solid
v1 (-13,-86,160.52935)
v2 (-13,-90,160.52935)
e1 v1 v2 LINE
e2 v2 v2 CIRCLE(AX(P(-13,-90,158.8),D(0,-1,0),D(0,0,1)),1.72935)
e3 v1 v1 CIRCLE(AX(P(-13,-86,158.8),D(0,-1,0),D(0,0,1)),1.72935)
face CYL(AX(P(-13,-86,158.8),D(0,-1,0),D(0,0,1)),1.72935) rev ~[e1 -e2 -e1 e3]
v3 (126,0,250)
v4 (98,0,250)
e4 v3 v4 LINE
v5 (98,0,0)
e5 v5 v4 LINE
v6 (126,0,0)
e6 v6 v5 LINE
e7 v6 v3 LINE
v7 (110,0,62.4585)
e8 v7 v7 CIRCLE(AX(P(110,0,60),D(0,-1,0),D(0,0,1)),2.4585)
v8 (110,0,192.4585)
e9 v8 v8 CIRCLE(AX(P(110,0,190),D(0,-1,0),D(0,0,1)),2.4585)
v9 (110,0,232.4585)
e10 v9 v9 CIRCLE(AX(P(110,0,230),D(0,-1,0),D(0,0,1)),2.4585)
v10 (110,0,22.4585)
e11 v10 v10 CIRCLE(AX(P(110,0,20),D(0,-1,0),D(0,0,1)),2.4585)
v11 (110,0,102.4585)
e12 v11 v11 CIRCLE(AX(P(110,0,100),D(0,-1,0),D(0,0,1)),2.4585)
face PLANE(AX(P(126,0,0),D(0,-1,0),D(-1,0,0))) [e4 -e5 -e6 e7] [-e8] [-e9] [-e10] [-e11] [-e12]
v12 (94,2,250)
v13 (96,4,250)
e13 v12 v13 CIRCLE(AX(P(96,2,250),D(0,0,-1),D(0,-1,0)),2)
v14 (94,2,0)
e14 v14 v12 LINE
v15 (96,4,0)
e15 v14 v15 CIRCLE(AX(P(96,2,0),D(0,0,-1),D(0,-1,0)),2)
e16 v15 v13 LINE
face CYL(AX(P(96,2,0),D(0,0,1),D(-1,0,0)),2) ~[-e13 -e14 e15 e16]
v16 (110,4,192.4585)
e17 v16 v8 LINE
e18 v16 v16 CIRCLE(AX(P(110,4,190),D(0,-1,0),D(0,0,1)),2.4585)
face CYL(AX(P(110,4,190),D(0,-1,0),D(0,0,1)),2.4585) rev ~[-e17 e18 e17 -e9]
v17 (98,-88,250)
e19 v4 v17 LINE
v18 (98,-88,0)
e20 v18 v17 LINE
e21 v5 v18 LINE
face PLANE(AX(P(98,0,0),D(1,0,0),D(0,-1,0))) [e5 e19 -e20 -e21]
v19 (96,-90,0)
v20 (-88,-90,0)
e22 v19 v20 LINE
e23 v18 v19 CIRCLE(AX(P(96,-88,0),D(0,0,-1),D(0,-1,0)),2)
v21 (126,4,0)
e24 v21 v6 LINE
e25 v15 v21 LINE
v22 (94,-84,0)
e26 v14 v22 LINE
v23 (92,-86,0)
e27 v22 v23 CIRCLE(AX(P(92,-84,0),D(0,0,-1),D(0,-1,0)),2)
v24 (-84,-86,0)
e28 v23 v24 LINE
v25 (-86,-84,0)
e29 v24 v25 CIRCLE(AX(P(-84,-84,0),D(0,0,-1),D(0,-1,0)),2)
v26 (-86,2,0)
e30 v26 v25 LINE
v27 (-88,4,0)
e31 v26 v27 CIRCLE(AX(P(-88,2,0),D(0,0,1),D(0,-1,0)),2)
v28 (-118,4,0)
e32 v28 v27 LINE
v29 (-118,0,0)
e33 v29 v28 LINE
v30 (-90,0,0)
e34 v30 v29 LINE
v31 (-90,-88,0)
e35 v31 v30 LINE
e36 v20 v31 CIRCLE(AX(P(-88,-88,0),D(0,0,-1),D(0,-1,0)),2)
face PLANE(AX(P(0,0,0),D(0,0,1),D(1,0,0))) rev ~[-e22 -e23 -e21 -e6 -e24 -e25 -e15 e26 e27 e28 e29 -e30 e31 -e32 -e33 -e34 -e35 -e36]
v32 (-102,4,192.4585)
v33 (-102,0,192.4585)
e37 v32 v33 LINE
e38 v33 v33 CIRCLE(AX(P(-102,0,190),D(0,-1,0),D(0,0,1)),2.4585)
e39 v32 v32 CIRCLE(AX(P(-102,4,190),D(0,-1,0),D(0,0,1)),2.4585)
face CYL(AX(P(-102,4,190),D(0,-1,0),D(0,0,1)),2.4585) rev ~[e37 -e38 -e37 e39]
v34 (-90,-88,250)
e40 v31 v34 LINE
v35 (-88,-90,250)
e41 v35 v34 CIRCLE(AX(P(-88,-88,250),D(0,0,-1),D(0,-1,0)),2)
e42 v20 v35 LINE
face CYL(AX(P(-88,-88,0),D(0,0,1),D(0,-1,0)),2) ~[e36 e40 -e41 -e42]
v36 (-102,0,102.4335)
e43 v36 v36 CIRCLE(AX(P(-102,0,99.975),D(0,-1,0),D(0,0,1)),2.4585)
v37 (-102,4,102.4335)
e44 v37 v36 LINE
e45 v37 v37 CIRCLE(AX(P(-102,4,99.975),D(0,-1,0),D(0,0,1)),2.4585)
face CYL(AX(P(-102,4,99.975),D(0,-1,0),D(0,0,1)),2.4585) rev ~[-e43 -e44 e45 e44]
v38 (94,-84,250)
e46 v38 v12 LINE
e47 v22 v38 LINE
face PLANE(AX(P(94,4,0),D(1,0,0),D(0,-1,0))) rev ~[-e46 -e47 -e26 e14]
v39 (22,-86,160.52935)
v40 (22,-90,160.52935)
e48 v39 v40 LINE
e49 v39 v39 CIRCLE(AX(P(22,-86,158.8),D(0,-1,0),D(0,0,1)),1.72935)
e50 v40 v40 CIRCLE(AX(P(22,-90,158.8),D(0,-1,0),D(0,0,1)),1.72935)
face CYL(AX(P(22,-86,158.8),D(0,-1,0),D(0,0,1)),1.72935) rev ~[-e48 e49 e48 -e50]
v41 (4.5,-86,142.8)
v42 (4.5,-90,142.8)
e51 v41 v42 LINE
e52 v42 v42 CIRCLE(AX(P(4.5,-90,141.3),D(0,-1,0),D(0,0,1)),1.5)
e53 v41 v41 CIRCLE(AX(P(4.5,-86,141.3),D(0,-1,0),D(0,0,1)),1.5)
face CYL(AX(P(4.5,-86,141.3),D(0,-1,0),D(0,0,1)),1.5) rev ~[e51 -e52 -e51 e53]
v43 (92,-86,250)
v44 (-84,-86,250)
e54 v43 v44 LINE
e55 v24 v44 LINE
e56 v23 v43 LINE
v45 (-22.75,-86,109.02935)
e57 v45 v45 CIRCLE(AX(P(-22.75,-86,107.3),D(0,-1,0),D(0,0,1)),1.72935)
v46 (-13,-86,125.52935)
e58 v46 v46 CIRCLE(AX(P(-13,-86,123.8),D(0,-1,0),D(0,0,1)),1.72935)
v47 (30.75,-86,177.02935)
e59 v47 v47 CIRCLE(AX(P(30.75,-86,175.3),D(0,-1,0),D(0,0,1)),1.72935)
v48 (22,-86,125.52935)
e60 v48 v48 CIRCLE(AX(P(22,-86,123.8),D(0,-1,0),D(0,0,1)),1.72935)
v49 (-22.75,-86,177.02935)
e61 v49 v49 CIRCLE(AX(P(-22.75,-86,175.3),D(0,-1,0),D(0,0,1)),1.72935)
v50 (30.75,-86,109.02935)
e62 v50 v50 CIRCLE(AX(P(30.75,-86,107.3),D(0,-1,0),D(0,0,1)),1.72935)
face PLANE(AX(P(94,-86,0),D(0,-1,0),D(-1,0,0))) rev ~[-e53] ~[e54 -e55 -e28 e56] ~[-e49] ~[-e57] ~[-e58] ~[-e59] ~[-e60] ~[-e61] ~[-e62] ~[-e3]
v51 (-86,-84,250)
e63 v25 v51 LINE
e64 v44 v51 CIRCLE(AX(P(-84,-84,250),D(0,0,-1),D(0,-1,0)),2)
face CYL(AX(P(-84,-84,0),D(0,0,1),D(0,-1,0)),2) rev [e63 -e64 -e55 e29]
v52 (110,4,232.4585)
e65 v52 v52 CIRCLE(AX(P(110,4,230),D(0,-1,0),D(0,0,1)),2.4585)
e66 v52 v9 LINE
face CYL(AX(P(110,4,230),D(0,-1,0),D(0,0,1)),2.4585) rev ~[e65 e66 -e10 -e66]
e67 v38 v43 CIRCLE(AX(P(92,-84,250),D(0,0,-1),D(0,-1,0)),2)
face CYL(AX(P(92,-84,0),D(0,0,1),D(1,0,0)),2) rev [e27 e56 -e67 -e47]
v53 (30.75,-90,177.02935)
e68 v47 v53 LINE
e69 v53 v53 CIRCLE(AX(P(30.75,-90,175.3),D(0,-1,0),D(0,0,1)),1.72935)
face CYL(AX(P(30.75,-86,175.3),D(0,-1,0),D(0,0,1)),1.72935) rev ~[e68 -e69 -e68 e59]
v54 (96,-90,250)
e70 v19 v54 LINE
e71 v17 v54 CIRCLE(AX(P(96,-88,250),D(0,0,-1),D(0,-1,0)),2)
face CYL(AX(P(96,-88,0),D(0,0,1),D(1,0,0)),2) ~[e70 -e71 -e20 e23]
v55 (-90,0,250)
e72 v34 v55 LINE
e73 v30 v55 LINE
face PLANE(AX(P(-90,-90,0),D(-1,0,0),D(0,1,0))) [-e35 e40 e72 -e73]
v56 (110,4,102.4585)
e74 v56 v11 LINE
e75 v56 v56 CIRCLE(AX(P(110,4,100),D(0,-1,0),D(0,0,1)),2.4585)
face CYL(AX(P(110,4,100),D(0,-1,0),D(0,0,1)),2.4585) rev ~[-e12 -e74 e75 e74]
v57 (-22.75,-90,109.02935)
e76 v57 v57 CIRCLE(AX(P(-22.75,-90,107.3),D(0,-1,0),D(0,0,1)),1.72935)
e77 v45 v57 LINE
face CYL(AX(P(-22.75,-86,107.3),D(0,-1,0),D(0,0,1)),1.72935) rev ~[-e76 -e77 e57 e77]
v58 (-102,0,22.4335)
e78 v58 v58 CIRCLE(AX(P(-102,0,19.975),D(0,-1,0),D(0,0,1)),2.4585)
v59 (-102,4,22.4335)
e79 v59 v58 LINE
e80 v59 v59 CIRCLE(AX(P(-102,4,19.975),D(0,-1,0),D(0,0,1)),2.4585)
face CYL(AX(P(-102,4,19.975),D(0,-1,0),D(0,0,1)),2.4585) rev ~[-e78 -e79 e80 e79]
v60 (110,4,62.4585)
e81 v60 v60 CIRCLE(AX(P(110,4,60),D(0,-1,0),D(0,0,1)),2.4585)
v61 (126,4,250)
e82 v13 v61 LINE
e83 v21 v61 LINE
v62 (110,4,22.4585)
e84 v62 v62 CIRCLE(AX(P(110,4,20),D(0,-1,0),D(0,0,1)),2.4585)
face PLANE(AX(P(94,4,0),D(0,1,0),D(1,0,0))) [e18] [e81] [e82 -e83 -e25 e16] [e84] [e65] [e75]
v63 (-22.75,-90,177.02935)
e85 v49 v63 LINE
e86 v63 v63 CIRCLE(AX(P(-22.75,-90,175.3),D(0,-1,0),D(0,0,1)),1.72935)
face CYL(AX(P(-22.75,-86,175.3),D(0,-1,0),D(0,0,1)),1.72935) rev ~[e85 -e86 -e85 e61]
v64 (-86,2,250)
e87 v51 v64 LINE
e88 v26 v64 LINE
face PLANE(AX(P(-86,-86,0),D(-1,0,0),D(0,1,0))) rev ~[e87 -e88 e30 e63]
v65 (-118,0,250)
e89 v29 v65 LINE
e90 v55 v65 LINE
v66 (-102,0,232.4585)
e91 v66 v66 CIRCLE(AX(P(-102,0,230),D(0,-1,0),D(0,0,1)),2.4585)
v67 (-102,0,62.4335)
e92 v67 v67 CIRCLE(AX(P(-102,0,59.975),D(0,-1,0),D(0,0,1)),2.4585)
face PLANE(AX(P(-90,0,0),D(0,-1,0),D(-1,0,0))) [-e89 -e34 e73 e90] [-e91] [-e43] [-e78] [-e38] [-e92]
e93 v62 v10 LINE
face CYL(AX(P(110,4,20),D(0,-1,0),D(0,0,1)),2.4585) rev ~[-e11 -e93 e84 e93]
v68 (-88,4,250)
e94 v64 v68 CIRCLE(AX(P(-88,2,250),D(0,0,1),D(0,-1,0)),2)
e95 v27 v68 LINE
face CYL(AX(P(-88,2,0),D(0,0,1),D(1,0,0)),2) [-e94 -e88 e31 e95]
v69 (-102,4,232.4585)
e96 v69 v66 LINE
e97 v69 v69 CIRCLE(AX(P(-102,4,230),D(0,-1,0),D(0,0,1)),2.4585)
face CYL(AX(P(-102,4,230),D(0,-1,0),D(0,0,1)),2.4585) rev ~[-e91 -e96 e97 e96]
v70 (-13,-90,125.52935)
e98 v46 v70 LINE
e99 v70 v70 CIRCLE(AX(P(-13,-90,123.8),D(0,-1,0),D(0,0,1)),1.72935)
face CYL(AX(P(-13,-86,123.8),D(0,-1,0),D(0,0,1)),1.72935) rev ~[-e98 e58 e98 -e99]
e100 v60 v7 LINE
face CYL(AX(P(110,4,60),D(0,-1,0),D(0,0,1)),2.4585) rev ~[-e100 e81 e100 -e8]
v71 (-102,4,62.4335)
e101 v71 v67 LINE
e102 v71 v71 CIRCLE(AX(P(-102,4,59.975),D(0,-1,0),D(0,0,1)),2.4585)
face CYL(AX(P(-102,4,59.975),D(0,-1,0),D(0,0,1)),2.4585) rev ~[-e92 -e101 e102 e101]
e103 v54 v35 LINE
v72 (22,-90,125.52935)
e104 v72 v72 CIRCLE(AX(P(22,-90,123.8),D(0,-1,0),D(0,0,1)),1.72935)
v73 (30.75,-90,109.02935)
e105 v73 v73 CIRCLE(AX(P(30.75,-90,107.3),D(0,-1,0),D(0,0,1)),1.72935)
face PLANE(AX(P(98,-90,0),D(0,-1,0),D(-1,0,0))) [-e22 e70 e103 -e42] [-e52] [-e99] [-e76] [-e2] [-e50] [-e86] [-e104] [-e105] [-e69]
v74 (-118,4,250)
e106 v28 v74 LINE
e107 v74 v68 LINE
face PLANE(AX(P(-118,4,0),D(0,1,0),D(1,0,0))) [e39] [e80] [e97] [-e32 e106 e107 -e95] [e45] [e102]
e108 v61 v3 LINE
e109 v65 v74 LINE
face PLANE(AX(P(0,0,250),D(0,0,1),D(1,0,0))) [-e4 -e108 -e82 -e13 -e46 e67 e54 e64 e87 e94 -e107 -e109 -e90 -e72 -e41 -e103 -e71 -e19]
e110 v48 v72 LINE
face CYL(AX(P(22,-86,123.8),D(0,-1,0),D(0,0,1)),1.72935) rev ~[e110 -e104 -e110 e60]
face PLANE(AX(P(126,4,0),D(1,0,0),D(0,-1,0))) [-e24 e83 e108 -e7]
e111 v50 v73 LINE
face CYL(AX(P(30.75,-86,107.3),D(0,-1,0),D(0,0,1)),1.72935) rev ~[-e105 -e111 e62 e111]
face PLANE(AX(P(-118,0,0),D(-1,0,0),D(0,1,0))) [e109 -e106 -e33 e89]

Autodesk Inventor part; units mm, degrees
ref_plane "YZ Plane" through (0, 0, 0) normal (1, 0, 0) x (0, 1, 0)
ref_plane "XZ Plane" through (0, 0, 0) normal (0, 1, 0) x (-1, 0, 0)
ref_plane "XY Plane" through (0, 0, 0) normal (0, 0, 1) x (1, 0, 0)
sketch "Sketch1" plane through (0, 0, 0) normal (0, 0, 1) x (1, 0, 0)
  line L0 (98, 0) -> (98, -90)
  line L1 (98, -90) -> (-90, -90)
  line L2 (-90, -90) -> (-90, 0)
  line L3 (126, 4) -> (126, 0)
  line L4 (126, 0) -> (-118, 0)
  line L5 (-118, 0) -> (-118, 4)
  line L6 (-86, 4) -> (94, 4)
  line L7 (94, 4) -> (94, -86)
  line L8 (94, -86) -> (-86, -86)
  line L9 (-86, -86) -> (-86, 4)
  line L10 (-90, 0) -> (-86, 0)
  line L11 (94, 0) -> (98, 0)
  line L12 (-118, 4) -> (-86, 4)
  line L13 (94, 4) -> (126, 4)
  point P0 (0, 0)
  point P1 (6, -4)
  point P2 (126, 2)
  point P3 (98, 0)
  dimension "d0" = 188
  dimension "d1" = 90
  dimension "d3" = 90
  dimension "d4" = 244
  dimension "d5" = 120
  dimension "d8" = 90
  dimension "d9" = 180
  dimension "d10" = 4
  dimension "d13" = 0
  dimension "d14" = 4
  dimension "d90" = 32
extrude "Extrusion1" add sketch "Sketch1" along normal blind 250 contours L4 L7 L13 L3 | L0 L1 L2 L4 L9 L8 L7 | L4 L5 L12 L9
fillet "Fillet1" radius 2 4 edges at (-86, -86, 125) (-86, 4, 125) (94, 4, 125) (98, -90, 125)
fillet "Fillet2" radius 2 2 edges at (-90, -90, 125) (94, -86, 125)
sketch "Sketch3" plane through (-84, -86, 250) normal (0, 1, 0) x (1, 0, 0)
  line L0 (-2, 0) -> (-2, 250) projected
  line L1 (176, 0) -> (0, 0) projected
  point P0 (84, 250)
  point P1 (114.75, 74.7)
  point P2 (61.25, 74.7)
  dimension "d28" = 53.5
  dimension "d29" = 63.25
  dimension "d30" = 0
  dimension "d31" = 74.7
hole "Hole2" at (30.75, -86, 175.3) at (-22.75, -86, 175.3) direction (0, -1, 0) diameter 3.4587 end through all thread size "M4x0.5" class "6H" standard "ISO Metric profile"
sketch "Sketch4" plane through (-84, -86, 250) normal (0, 1, 0) x (1, 0, 0)
  circle A0 centre (61.25, 74.7) radius 1.7294 projected
  circle A1 centre (114.75, 74.7) radius 1.7294 projected
  point P0 (84, 250)
  point P1 (114.75, 142.7)
  point P2 (61.25, 142.7)
  dimension "d39" = 53.5
  dimension "d40" = 68
  dimension "d41" = 68
  dimension "d49" = 0
hole "Hole3" at (30.75, -86, 107.3) at (-22.75, -86, 107.3) direction (0, -1, 0) diameter 3.4587 end through all thread size "M4x0.5" class "6H" standard "ISO Metric profile"
sketch "Sketch5" plane through (-84, -86, 250) normal (0, 1, 0) x (1, 0, 0)
  circle A0 centre (61.25, 74.7) radius 1.7294 projected
  circle A1 centre (114.75, 74.7) radius 1.7294 projected
  circle A2 centre (61.25, 142.7) radius 1.7294 projected
  point P0 (84, 250)
  point P1 (71, 91.2)
  point P2 (71, 126.2)
  point P3 (106, 126.2)
  point P4 (106, 91.2)
  dimension "d50" = 35
  dimension "d51" = 35
  dimension "d52" = 35
  dimension "d53" = 16.5
  dimension "d54" = 16.5
  dimension "d55" = 9.75
hole "Hole4" at (-13, -86, 158.8) at (-13, -86, 123.8) at (22, -86, 123.8) at (22, -86, 158.8) direction (0, -1, 0) diameter 3.4587 end through all thread size "M4x0.5" class "6H" standard "ISO Metric profile"
sketch "Sketch6" plane through (-84, -86, 250) normal (0, 1, 0) x (1, 0, 0)
  circle A0 centre (71, 126.2) radius 1.7294 projected
  point P0 (84, 250)
  point P1 (88.5, 108.7)
  dimension "d63" = 17.5
  dimension "d64" = 17.5
hole "Hole5" at (4.5, -86, 141.3) direction (0, -1, 0) diameter 3 end through all
sketch "Sketch7" plane through (126, 4, 250) normal (0, 1, 0) x (1, 0, 0)
  line L0 (-244, 250) -> (-244, 0) projected
  line L1 (-214, 0) -> (-244, 0) projected
  line L2 (-214, 250) -> (-244, 250) projected
  line L3 (0, 250) -> (0, 0) projected
  line L4 (0, 250) -> (-30, 250) projected
  line L5 (-28, 0) -> (0, 0) projected
  point P0 (-126, 250)
  point P1 (-228, 20)
  point P2 (-228, 60)
  point P3 (-228, 230.025)
  point P4 (-228, 190.025)
  point P5 (-228, 150.025)
  point P6 (-16, 230)
  point P7 (-16, 190)
  point P8 (-16, 150)
  point P9 (-16, 60)
  point P10 (-16, 20)
  point P11 (-229, 250)
  point P12 (-15, 250)
  dimension "d72" = 16
  dimension "d73" = 16
  dimension "d74" = 16
  dimension "d75" = 16
  dimension "d76" = 16
  dimension "d77" = 20
  dimension "d78" = 40
  dimension "d79" = 20
  dimension "d80" = 40
  dimension "d81" = 40
  dimension "d82" = 16
  dimension "d83" = 16
  dimension "d84" = 16
  dimension "d85" = 16
  dimension "d86" = 16
  dimension "d87" = 20
  dimension "d88" = 40
  dimension "d89" = 40
  dimension "d98" = 20
  dimension "d99" = 40
hole "Hole6" at (-102, 4, 230) at (-102, 4, 190) at (-102, 4, 19.975) at (-102, 4, 59.975) at (-102, 4, 99.975) at (110, 4, 20) at (110, 4, 60) at (110, 4, 100) at (110, 4, 190) at (110, 4, 230) direction (0, -1, 0) diameter 4.917 end through all thread size "M6x1" class "6H" standard "ISO Metric profile"
equation "\"BendRadius\" = Thickness"
equation "\"BendReliefWidth\" = Thickness"
equation "\"BendReliefDepth\" = 0.5 * Thickness"
equation "\"CornerReliefSize\" = 4 * Thickness"
equation "\"MinimumRemnant\" = 2 * Thickness"
equation "\"TransitionRadius\" = BendRadius"
equation "\"JacobiRadiusSize\" = BendRadius"
equation "\"GapSize\" = Thickness"
equation "\"Thickness\" = 0.5"
properties part number "Lower joint housing"
